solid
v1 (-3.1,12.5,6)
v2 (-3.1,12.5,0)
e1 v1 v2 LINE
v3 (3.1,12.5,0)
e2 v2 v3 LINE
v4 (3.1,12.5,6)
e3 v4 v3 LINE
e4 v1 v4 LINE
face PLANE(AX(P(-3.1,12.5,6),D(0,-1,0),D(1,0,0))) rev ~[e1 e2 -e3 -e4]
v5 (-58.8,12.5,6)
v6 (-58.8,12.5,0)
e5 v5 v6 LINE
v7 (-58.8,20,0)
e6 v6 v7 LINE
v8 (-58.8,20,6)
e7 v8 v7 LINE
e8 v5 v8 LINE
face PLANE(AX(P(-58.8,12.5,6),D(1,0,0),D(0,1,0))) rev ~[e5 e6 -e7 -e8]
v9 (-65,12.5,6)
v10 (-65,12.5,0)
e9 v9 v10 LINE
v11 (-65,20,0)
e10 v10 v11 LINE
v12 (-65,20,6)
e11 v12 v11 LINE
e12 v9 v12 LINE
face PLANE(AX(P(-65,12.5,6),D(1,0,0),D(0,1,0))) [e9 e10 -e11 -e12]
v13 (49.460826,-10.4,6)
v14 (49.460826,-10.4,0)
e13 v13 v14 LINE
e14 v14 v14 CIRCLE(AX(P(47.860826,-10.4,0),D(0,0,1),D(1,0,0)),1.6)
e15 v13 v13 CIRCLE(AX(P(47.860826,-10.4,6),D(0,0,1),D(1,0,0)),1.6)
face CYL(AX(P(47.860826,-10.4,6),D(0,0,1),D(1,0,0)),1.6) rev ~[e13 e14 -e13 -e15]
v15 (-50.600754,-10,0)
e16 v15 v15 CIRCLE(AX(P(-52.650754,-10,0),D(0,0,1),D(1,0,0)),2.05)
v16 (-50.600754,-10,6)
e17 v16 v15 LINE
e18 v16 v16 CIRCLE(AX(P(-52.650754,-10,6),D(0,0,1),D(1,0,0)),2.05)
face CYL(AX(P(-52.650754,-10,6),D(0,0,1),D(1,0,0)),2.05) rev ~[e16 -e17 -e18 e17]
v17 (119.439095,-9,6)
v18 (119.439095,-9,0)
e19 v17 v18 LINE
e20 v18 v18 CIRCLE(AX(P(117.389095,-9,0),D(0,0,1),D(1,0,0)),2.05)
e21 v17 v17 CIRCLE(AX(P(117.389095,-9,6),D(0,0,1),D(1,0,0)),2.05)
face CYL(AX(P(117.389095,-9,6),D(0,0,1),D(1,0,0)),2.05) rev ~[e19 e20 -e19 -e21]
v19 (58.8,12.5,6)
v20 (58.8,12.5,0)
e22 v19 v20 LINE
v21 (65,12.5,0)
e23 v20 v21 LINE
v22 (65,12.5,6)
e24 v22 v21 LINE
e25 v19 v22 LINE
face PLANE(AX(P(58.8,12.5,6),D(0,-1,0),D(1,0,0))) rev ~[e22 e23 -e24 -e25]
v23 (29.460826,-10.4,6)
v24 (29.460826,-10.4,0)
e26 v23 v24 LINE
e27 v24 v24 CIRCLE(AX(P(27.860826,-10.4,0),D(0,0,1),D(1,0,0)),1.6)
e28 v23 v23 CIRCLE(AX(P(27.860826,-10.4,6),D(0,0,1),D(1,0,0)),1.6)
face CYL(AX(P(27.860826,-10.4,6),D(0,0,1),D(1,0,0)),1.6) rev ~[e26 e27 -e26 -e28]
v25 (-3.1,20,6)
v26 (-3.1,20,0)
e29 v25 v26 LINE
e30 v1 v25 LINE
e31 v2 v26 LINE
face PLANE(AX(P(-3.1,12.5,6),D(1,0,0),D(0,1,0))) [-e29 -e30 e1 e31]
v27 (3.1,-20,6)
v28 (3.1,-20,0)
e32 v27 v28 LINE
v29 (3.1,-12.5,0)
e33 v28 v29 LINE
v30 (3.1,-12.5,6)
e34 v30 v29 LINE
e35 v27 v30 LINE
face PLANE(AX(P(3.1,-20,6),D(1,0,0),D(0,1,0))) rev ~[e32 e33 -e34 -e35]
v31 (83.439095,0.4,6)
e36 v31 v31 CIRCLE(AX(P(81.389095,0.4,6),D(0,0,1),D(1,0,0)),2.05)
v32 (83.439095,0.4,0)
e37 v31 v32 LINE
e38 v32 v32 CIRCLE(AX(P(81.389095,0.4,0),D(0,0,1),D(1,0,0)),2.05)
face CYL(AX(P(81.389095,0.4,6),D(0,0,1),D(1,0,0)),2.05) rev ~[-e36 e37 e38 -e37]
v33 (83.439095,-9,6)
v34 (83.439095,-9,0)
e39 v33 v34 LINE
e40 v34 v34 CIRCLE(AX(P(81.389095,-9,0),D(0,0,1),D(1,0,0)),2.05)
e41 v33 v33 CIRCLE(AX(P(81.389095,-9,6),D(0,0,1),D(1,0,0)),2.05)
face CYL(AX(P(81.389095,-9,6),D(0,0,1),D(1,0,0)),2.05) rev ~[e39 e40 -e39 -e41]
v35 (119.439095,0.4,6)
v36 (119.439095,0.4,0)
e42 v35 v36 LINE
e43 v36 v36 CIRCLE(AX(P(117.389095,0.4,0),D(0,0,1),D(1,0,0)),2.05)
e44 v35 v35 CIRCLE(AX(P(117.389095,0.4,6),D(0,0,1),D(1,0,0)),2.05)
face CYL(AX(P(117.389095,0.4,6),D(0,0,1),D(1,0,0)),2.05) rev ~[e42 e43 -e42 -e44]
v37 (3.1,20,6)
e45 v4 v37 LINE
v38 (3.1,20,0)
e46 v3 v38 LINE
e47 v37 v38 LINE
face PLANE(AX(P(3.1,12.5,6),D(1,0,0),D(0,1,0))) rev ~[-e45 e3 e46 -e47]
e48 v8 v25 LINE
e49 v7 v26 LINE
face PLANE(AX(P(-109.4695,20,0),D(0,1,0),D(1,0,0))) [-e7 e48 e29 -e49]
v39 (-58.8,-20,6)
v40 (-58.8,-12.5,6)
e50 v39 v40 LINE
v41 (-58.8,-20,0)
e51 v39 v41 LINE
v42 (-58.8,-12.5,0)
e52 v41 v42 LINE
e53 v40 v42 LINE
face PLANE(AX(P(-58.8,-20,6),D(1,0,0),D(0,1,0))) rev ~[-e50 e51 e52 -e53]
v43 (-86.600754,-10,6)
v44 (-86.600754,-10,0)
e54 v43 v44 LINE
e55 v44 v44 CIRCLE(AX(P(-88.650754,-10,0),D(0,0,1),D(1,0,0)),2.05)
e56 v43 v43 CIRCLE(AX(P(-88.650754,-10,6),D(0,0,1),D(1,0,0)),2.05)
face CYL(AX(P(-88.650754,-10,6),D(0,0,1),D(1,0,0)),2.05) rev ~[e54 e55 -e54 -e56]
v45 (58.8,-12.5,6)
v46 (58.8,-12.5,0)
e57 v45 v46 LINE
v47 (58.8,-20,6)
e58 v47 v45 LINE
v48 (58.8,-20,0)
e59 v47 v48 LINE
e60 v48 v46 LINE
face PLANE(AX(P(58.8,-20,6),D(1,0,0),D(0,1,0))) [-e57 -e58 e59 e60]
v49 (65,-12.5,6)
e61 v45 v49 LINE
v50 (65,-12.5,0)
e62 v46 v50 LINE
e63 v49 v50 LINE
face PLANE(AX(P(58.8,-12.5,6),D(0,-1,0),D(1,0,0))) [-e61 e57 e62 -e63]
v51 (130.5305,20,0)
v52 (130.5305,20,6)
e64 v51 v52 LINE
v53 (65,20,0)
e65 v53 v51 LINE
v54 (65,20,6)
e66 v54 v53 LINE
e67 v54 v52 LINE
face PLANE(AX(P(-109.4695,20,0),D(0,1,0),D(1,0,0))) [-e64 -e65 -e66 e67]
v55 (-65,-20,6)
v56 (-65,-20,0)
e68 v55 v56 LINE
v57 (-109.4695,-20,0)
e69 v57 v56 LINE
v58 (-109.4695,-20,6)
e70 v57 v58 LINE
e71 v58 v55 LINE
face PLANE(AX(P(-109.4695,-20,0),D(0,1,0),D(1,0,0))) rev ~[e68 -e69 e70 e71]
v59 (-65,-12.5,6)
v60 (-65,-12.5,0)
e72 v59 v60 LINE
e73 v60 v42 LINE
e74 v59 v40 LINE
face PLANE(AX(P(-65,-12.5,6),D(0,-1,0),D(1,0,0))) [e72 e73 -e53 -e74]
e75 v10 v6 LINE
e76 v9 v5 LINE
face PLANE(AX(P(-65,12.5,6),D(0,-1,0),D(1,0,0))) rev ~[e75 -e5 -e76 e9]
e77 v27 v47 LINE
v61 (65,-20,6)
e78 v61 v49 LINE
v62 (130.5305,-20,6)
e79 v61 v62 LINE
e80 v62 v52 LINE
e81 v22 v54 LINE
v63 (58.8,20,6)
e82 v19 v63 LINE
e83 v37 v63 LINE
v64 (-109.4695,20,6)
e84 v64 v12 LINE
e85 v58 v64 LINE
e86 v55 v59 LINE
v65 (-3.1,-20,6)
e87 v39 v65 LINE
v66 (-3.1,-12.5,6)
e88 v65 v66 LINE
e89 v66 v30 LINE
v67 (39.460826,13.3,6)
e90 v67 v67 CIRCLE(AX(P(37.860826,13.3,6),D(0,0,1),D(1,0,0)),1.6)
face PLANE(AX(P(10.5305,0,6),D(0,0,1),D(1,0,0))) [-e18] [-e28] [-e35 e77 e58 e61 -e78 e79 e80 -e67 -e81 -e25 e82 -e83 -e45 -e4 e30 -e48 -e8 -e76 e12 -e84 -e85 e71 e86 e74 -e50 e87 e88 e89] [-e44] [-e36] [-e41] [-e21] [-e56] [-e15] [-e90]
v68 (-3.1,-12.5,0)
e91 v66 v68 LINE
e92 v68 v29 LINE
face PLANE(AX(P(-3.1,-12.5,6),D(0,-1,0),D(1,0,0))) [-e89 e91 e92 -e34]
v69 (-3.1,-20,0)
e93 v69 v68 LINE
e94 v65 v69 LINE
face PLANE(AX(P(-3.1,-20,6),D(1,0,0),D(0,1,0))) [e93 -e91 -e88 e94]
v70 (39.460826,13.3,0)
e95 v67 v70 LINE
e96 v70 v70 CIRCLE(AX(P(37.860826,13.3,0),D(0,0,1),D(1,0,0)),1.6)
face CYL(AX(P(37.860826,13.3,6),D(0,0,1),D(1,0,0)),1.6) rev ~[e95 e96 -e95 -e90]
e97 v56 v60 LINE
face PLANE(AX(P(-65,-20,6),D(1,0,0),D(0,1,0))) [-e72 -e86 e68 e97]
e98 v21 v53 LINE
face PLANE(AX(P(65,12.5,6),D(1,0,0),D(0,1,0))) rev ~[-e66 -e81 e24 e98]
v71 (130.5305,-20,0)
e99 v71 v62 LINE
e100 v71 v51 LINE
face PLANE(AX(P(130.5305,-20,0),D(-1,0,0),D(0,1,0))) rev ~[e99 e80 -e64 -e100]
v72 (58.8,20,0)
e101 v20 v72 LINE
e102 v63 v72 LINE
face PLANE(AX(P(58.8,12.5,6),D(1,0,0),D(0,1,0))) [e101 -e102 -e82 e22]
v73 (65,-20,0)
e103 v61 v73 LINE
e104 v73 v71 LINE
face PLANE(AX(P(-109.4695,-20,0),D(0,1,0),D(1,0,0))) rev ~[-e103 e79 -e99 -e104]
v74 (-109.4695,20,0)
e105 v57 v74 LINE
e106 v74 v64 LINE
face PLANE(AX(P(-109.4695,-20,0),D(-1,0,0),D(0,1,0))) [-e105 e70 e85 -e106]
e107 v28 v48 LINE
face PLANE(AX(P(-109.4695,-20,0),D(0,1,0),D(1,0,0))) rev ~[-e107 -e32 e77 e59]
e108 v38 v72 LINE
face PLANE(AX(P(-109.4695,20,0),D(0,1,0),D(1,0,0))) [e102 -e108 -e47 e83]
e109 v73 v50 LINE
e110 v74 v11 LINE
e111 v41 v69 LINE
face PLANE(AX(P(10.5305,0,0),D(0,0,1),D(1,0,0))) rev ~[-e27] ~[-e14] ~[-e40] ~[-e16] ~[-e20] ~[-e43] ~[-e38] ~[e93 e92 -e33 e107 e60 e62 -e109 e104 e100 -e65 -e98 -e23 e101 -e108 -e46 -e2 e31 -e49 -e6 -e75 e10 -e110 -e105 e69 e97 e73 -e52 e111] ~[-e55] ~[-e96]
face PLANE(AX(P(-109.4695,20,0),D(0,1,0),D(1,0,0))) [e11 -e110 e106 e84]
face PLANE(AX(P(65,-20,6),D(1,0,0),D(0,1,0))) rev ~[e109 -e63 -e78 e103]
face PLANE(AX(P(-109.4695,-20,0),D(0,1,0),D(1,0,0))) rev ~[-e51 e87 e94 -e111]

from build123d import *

# Parameters (mm, degrees)
F0_W     = 240
F0_H     = 40
F1_DEPTH = 6
F2_W     = 6.2
F2_H     = 7.5
F3_DEPTH = 6
F4_R     = 1.6
F5_R     = 2.05
F6_R     = 2.05
F7_DEPTH = 6.001
F8_DEPTH = 6.001


with BuildPart() as f1:
    # F0 (on Top) → F1 (new body)
    with BuildSketch(Plane.XY):
        with Locations((10.5305, 0)):
            Rectangle(F0_W, F0_H)
    extrude(amount=F1_DEPTH)

    # F2 (on face) → F3 (cut, through all)
    with BuildSketch(Plane.XY.offset(6)):
        with Locations((0, -16.25)):
            Rectangle(F2_W, F2_H)
        with Locations((-61.9, -16.25)):
            Rectangle(F2_W, F2_H)
        with Locations((61.9, -16.25)):
            Rectangle(F2_W, F2_H)
        with Locations((0, 16.25)):
            Rectangle(F2_W, F2_H)
        with Locations((-61.9, 16.25)):
            Rectangle(F2_W, F2_H)
        with Locations((61.9, 16.25)):
            Rectangle(F2_W, F2_H)
    extrude(amount=-F3_DEPTH, mode=Mode.SUBTRACT)

    # F4 (on face) + F5 (on face) + F6 (on face) → F7 (cut, through all)
    with BuildSketch(Plane.XY.offset(6)):
        with Locations((27.860826, -10.4)):
            Circle(F4_R)
        with Locations((47.860826, -10.4)):
            Circle(F4_R)
        with Locations((37.860826, 13.3)):
            Circle(F4_R)
    with BuildSketch(Plane.XY.offset(6)):
        with Locations((-88.650754, -10)):
            Circle(F5_R)
        with Locations((-52.650754, -10)):
            Circle(F5_R)
    with BuildSketch(Plane.XY.offset(6)):
        with Locations((81.389095, -9)):
            Circle(F6_R)
        with Locations((117.389095, -9)):
            Circle(F6_R)
        with Locations((81.389095, 0.4)):
            Circle(F6_R)
        with Locations((117.389095, 0.4)):
            Circle(F6_R)
    extrude(amount=-F7_DEPTH, mode=Mode.SUBTRACT)

    # F6 (on face) + F5 (on face) + F4 (on face) → F8 (cut, through all)
    with BuildSketch(Plane.XY.offset(6)):
        with Locations((81.389095, -9)):
            Circle(F6_R)
        with Locations((117.389095, -9)):
            Circle(F6_R)
        with Locations((81.389095, 0.4)):
            Circle(F6_R)
        with Locations((117.389095, 0.4)):
            Circle(F6_R)
    with BuildSketch(Plane.XY.offset(6)):
        with Locations((-88.650754, -10)):
            Circle(F5_R)
        with Locations((-52.650754, -10)):
            Circle(F5_R)
    with BuildSketch(Plane.XY.offset(6)):
        with Locations((27.860826, -10.4)):
            Circle(F4_R)
        with Locations((47.860826, -10.4)):
            Circle(F4_R)
        with Locations((37.860826, 13.3)):
            Circle(F4_R)
    extrude(amount=-F8_DEPTH, mode=Mode.SUBTRACT)


solid = f1.part
